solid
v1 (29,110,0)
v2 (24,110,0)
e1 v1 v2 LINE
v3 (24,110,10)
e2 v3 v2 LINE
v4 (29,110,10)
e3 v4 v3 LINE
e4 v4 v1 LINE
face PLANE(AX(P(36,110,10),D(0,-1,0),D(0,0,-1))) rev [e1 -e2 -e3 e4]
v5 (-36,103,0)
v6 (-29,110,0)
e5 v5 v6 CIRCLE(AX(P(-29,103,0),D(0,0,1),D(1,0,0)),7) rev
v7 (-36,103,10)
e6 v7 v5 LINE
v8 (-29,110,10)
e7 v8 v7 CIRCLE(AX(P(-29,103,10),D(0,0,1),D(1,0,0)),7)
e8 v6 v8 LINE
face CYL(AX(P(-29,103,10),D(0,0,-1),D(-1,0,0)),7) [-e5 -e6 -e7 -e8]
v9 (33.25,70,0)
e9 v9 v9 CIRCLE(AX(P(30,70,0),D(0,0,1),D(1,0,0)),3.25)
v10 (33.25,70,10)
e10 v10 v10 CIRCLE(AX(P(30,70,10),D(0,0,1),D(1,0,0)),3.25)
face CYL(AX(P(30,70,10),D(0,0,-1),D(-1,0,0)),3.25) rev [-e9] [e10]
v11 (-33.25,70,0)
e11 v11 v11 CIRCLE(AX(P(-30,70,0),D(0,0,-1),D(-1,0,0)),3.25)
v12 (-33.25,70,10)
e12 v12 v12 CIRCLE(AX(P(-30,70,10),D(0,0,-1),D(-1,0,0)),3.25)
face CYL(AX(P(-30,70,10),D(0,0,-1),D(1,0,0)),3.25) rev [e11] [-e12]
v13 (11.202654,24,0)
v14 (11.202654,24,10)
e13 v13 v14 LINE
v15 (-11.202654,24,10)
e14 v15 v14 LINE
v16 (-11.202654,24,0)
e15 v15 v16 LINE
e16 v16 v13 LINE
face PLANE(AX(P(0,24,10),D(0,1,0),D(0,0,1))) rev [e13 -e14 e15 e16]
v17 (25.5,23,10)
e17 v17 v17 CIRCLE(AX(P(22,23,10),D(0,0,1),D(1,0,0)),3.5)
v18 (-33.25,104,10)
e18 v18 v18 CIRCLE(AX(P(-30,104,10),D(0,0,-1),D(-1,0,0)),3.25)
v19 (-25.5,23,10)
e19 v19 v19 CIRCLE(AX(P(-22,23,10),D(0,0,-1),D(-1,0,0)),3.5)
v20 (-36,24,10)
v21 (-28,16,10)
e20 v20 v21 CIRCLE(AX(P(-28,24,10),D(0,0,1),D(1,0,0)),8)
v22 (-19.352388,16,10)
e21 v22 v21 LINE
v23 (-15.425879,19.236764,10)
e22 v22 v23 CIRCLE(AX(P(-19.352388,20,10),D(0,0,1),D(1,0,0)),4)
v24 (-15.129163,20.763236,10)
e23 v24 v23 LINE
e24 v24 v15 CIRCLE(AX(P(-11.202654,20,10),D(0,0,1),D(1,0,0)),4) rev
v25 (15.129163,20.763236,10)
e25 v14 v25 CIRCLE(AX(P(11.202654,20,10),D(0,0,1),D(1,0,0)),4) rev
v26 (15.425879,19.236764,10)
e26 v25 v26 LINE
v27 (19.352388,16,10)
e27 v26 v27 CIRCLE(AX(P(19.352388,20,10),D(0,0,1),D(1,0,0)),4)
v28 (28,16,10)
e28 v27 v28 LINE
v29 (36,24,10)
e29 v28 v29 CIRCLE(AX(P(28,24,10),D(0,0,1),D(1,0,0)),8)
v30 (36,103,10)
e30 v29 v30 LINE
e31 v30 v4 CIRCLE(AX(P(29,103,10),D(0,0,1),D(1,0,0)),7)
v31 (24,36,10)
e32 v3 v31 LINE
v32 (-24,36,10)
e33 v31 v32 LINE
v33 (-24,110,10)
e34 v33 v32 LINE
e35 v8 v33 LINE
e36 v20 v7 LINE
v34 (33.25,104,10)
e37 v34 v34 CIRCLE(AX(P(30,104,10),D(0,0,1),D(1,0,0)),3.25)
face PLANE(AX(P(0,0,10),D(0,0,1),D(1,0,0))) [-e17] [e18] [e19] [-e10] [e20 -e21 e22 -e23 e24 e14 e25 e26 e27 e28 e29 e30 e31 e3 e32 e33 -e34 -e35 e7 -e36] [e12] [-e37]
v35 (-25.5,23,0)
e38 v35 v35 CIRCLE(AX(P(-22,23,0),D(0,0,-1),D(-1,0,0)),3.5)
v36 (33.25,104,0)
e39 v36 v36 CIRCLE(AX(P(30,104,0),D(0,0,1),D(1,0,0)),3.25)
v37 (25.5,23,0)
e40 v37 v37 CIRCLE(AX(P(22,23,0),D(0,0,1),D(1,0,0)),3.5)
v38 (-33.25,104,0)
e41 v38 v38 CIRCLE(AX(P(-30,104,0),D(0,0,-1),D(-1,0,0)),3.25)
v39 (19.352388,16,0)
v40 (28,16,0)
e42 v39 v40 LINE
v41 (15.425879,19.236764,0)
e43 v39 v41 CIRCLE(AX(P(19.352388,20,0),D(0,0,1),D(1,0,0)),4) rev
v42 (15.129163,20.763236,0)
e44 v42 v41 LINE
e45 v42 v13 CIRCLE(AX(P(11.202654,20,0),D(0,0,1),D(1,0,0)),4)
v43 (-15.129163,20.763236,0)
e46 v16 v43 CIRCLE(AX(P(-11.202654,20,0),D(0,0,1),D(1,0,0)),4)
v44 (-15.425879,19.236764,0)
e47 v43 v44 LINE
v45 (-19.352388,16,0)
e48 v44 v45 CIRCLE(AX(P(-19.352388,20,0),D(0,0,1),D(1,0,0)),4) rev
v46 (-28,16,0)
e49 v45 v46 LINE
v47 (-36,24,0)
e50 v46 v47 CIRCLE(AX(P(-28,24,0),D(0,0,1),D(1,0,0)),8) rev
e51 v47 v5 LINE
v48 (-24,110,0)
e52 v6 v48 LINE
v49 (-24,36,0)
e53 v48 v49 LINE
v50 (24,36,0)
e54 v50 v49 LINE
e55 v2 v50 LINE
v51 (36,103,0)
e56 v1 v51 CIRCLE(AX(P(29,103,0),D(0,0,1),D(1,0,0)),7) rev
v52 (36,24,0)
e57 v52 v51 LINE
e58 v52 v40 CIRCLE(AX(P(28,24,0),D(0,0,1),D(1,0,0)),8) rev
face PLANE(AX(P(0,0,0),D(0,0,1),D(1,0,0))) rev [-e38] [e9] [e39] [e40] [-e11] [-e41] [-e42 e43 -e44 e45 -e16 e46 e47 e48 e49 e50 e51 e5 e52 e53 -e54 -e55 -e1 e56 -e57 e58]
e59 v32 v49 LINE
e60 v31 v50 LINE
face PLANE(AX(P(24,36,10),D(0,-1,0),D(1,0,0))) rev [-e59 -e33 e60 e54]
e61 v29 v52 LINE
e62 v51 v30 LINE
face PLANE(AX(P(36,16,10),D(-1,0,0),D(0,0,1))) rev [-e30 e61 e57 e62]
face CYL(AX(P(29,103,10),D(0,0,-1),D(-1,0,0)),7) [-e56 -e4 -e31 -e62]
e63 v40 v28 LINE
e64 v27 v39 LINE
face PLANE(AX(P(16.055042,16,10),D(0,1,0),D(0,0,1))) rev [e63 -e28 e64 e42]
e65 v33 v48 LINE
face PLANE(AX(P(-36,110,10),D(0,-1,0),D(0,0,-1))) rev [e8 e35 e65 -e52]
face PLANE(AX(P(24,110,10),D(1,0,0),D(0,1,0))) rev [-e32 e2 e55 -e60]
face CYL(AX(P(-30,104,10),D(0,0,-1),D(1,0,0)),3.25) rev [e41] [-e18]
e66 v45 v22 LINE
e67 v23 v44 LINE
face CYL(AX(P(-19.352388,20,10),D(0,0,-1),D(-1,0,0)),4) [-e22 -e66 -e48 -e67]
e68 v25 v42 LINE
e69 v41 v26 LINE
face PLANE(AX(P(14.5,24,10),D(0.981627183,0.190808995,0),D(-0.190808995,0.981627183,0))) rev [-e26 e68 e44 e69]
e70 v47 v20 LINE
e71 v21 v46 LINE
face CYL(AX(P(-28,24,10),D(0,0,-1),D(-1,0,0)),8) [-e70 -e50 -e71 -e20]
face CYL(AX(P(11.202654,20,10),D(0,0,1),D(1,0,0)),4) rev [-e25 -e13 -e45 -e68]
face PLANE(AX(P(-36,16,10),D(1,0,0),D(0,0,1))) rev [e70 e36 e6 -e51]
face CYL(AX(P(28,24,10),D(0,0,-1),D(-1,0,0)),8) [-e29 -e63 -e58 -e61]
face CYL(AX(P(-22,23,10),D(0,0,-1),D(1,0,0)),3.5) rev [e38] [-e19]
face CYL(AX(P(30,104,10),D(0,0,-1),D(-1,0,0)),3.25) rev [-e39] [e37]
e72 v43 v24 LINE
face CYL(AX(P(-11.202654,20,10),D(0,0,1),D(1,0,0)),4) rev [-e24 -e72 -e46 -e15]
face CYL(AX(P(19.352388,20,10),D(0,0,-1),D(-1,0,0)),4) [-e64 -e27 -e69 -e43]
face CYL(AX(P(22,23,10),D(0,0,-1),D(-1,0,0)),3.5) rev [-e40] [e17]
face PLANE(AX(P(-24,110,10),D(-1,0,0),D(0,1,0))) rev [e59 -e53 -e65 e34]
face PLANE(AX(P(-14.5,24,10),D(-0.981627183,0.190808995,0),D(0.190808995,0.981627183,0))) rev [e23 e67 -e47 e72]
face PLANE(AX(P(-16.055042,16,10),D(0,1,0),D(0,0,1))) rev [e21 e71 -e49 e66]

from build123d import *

# Parameters (mm, degrees)
ESQUISSE1_R        = 3.25
ESQUISSE1_R_2      = 3.5
BOSS_EXTRU_1_DEPTH = 10
CONG_1_R           = 4
CONG_2_R           = 8
CONG_3_R           = 7


with BuildPart() as part:
    # Esquisse1 → Boss.-Extru.1 (new body)
    with BuildSketch(Plane.XY):
        Polygon((24, 110), (24, 36), (0, 36), (0, 24), (14.5, 24), (16.055042473, 16), (36, 16), (36, 110), align=None)
        with Locations((30, 104)):
            Circle(ESQUISSE1_R, mode=Mode.SUBTRACT)
        with Locations((22, 23)):
            Circle(ESQUISSE1_R_2, mode=Mode.SUBTRACT)
        with Locations((30, 70)):
            Circle(ESQUISSE1_R, mode=Mode.SUBTRACT)
    boss_extru_1 = extrude(amount=BOSS_EXTRU_1_DEPTH)

    # Symétrie2: Boss.-Extru.1 across plane
    add(boss_extru_1.mirror(Plane(origin=(0, 36, 10), x_dir=(0, 0, 1), z_dir=(1, 0, 0))))

    # Congé1
    cong_1_edges = [part.edges().sort_by_distance(p)[0] for p in [
        (16.055042473, 16, 5),
        (14.5, 24, 5),
        (-14.5, 24, 5),
        (-16.055042473, 16, 5),
    ]]
    fillet(cong_1_edges, radius=CONG_1_R)

    # Congé2
    cong_2_edges = [part.edges().sort_by_distance(p)[0] for p in [
        (36, 16, 5),
        (-36, 16, 5),
    ]]
    fillet(cong_2_edges, radius=CONG_2_R)

    # Congé3
    cong_3_edges = [part.edges().sort_by_distance(p)[0] for p in [
        (36, 110, 5),
        (-36, 110, 5),
    ]]
    fillet(cong_3_edges, radius=CONG_3_R)


solid = part.part
